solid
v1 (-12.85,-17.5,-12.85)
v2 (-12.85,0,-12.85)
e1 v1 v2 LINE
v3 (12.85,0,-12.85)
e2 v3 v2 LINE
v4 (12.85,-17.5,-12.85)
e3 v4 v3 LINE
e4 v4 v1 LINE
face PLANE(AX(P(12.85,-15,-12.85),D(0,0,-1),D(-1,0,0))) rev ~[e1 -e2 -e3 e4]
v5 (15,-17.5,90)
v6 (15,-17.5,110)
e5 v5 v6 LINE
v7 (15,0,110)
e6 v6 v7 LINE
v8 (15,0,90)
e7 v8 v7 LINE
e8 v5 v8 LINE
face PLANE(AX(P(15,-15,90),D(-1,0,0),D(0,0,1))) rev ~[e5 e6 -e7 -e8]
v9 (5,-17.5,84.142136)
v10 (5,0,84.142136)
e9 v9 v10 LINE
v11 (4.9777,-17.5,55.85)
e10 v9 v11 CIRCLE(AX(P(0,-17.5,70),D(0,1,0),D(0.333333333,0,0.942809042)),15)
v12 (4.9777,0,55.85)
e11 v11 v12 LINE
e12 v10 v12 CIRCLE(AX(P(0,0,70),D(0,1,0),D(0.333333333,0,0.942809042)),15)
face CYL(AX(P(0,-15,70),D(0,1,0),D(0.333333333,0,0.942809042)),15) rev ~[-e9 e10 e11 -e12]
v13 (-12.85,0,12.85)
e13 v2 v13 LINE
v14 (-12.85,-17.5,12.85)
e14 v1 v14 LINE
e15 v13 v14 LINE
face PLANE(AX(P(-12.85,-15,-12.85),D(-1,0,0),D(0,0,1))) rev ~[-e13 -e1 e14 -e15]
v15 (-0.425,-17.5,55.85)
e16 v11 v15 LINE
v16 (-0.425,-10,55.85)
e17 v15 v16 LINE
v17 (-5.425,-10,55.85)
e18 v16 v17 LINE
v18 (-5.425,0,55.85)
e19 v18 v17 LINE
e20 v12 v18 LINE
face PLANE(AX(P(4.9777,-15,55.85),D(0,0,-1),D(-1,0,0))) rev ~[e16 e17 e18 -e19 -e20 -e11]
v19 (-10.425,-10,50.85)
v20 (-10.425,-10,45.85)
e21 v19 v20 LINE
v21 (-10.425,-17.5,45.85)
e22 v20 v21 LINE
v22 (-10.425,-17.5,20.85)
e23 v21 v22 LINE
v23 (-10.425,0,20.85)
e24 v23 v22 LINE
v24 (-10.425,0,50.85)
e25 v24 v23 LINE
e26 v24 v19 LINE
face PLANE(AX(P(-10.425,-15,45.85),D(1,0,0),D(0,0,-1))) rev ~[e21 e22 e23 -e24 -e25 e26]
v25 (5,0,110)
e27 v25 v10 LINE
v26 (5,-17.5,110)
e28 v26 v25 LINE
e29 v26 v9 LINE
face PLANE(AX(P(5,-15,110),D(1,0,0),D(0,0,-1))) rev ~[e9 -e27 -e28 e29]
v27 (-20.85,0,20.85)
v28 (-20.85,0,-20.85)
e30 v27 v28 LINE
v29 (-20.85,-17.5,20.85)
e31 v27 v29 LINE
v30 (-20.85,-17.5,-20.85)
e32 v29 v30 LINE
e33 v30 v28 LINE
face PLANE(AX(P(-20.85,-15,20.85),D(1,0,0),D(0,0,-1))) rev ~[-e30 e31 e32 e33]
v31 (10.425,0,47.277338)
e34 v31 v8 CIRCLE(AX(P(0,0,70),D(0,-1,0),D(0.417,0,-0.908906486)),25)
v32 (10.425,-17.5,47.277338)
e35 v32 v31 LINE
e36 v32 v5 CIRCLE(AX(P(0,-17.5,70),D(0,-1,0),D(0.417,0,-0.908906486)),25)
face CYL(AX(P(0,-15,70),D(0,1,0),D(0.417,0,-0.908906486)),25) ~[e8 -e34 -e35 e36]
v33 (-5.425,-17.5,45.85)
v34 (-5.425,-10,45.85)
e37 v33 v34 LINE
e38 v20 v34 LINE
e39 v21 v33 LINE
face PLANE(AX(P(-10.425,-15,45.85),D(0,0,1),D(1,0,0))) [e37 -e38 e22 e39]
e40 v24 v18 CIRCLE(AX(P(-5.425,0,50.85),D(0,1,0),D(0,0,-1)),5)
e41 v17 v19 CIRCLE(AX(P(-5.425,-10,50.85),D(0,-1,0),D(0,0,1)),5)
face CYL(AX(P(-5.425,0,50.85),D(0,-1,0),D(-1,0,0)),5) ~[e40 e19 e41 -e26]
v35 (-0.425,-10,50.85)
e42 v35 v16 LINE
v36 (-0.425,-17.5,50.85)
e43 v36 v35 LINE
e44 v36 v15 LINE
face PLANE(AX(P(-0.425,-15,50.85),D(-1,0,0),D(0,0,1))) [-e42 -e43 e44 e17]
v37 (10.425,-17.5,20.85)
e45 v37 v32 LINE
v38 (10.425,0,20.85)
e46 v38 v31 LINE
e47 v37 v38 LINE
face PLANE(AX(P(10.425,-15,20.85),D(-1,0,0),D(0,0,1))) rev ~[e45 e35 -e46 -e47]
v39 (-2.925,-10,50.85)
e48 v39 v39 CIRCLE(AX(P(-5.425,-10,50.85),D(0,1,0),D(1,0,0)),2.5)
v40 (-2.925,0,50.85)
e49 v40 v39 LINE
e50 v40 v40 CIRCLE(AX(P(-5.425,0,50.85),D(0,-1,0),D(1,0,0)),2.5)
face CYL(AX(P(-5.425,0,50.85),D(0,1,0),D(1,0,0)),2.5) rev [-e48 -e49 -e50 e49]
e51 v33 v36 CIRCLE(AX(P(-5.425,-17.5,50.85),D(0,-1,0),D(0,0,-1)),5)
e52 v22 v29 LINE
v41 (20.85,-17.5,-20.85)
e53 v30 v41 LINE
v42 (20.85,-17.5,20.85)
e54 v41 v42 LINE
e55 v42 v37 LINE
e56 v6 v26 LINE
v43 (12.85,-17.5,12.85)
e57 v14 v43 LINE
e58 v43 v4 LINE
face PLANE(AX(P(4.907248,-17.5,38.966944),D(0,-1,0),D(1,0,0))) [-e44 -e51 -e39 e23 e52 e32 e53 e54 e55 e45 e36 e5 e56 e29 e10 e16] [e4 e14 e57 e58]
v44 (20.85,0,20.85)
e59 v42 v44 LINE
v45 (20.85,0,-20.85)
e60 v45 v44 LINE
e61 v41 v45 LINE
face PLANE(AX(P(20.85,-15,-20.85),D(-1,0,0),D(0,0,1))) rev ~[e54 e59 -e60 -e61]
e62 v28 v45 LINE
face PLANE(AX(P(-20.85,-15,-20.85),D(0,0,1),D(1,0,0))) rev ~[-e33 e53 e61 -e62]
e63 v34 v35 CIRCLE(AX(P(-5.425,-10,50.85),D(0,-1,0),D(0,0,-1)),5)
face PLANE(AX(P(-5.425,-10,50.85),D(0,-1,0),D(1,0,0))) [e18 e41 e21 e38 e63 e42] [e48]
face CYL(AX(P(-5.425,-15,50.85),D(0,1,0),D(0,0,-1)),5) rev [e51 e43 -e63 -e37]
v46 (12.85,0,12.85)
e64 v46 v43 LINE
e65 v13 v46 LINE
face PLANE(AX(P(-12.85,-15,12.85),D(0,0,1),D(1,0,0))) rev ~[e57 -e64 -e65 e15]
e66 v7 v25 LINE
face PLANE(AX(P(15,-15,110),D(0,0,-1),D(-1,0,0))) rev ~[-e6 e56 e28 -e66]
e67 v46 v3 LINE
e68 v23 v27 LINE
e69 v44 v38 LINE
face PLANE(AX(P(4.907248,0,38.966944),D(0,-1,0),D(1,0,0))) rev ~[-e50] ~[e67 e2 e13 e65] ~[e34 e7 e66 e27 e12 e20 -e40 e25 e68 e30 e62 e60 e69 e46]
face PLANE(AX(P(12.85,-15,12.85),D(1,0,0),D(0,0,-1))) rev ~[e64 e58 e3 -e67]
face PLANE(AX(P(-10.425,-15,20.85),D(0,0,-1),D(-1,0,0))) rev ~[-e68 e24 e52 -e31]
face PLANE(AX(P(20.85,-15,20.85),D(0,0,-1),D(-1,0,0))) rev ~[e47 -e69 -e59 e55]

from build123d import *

# Parameters (mm, degrees)
F0_R     = 2.5
F1_DEPTH = 15
F2_R     = 5
F4_DEPTH = 5
F5_DEPTH = 2.5


with BuildPart() as f1:
    # F0 (on Front) → F1 (new body)
    with BuildSketch(Plane.XZ):
        with BuildLine():
            Line((-20.85, 20.85), (-20.85, 0))
            Line((-20.85, 0), (-20.85, -20.85))
            Line((-20.85, -20.85), (0, -20.85))
            Line((0, -20.85), (20.85, -20.85))
            Line((20.85, -20.85), (20.85, 0))
            Line((20.85, 0), (20.85, 20.85))
            Line((20.85, 20.85), (10.425, 20.85))
            Line((10.425, 20.85), (10.425, 47.277337854))
            ThreePointArc((10.425, 47.277337854), (24.8578784585, 67.3380686447), (15, 90))
            Line((15, 90), (15, 110))
            Line((15, 110), (5, 110))
            Line((5, 110), (5, 84.1421356237))
            ThreePointArc((5, 84.1421356237), (14.9999953406, 69.9881770745), (4.9777002722, 55.85))
            Line((4.9777002722, 55.85), (-10.425, 55.85))
            Line((-10.425, 55.85), (-10.425, 20.85))
            Line((-10.425, 20.85), (-20.85, 20.85))
        make_face()
        Polygon((-12.85, 12.85), (0, 12.85), (12.85, 12.85), (12.85, 0), (12.85, -12.85), (0, -12.85), (-12.85, -12.85), (-12.85, 0), align=None, mode=Mode.SUBTRACT)
        with Locations((-5.425, 50.85)):
            Circle(F0_R, mode=Mode.SUBTRACT)
    extrude(amount=F1_DEPTH)

    # F2
    f2_edges = [f1.edges().sort_by_distance(p)[0] for p in [
        (-10.425, -7.5, 55.85),
    ]]
    fillet(f2_edges, radius=F2_R)

    # F3 (on face) → F4 (cut)
    with BuildSketch(Plane.XZ.offset(15)):
        with BuildLine():
            Line((-0.425, 55.85), (-5.425, 55.85))
            ThreePointArc((-5.425, 55.85), (-8.9605339059, 54.3855339059), (-10.425, 50.85))
            Line((-10.425, 50.85), (-10.425, 45.85))
            Line((-10.425, 45.85), (-5.425, 45.85))
            ThreePointArc((-5.425, 45.85), (-1.8894660941, 47.3144660941), (-0.425, 50.85))
            Line((-0.425, 50.85), (-0.425, 55.85))
        make_face()
    extrude(amount=-F4_DEPTH, mode=Mode.SUBTRACT)

    # F5 (add): a face of the model
    f5_faces = [f1.faces().sort_by_distance(p)[0] for p in [
        (4.1569852553, -15, 31.7276341026),
    ]]
    extrude(f5_faces, amount=F5_DEPTH)


solid = f1.part
